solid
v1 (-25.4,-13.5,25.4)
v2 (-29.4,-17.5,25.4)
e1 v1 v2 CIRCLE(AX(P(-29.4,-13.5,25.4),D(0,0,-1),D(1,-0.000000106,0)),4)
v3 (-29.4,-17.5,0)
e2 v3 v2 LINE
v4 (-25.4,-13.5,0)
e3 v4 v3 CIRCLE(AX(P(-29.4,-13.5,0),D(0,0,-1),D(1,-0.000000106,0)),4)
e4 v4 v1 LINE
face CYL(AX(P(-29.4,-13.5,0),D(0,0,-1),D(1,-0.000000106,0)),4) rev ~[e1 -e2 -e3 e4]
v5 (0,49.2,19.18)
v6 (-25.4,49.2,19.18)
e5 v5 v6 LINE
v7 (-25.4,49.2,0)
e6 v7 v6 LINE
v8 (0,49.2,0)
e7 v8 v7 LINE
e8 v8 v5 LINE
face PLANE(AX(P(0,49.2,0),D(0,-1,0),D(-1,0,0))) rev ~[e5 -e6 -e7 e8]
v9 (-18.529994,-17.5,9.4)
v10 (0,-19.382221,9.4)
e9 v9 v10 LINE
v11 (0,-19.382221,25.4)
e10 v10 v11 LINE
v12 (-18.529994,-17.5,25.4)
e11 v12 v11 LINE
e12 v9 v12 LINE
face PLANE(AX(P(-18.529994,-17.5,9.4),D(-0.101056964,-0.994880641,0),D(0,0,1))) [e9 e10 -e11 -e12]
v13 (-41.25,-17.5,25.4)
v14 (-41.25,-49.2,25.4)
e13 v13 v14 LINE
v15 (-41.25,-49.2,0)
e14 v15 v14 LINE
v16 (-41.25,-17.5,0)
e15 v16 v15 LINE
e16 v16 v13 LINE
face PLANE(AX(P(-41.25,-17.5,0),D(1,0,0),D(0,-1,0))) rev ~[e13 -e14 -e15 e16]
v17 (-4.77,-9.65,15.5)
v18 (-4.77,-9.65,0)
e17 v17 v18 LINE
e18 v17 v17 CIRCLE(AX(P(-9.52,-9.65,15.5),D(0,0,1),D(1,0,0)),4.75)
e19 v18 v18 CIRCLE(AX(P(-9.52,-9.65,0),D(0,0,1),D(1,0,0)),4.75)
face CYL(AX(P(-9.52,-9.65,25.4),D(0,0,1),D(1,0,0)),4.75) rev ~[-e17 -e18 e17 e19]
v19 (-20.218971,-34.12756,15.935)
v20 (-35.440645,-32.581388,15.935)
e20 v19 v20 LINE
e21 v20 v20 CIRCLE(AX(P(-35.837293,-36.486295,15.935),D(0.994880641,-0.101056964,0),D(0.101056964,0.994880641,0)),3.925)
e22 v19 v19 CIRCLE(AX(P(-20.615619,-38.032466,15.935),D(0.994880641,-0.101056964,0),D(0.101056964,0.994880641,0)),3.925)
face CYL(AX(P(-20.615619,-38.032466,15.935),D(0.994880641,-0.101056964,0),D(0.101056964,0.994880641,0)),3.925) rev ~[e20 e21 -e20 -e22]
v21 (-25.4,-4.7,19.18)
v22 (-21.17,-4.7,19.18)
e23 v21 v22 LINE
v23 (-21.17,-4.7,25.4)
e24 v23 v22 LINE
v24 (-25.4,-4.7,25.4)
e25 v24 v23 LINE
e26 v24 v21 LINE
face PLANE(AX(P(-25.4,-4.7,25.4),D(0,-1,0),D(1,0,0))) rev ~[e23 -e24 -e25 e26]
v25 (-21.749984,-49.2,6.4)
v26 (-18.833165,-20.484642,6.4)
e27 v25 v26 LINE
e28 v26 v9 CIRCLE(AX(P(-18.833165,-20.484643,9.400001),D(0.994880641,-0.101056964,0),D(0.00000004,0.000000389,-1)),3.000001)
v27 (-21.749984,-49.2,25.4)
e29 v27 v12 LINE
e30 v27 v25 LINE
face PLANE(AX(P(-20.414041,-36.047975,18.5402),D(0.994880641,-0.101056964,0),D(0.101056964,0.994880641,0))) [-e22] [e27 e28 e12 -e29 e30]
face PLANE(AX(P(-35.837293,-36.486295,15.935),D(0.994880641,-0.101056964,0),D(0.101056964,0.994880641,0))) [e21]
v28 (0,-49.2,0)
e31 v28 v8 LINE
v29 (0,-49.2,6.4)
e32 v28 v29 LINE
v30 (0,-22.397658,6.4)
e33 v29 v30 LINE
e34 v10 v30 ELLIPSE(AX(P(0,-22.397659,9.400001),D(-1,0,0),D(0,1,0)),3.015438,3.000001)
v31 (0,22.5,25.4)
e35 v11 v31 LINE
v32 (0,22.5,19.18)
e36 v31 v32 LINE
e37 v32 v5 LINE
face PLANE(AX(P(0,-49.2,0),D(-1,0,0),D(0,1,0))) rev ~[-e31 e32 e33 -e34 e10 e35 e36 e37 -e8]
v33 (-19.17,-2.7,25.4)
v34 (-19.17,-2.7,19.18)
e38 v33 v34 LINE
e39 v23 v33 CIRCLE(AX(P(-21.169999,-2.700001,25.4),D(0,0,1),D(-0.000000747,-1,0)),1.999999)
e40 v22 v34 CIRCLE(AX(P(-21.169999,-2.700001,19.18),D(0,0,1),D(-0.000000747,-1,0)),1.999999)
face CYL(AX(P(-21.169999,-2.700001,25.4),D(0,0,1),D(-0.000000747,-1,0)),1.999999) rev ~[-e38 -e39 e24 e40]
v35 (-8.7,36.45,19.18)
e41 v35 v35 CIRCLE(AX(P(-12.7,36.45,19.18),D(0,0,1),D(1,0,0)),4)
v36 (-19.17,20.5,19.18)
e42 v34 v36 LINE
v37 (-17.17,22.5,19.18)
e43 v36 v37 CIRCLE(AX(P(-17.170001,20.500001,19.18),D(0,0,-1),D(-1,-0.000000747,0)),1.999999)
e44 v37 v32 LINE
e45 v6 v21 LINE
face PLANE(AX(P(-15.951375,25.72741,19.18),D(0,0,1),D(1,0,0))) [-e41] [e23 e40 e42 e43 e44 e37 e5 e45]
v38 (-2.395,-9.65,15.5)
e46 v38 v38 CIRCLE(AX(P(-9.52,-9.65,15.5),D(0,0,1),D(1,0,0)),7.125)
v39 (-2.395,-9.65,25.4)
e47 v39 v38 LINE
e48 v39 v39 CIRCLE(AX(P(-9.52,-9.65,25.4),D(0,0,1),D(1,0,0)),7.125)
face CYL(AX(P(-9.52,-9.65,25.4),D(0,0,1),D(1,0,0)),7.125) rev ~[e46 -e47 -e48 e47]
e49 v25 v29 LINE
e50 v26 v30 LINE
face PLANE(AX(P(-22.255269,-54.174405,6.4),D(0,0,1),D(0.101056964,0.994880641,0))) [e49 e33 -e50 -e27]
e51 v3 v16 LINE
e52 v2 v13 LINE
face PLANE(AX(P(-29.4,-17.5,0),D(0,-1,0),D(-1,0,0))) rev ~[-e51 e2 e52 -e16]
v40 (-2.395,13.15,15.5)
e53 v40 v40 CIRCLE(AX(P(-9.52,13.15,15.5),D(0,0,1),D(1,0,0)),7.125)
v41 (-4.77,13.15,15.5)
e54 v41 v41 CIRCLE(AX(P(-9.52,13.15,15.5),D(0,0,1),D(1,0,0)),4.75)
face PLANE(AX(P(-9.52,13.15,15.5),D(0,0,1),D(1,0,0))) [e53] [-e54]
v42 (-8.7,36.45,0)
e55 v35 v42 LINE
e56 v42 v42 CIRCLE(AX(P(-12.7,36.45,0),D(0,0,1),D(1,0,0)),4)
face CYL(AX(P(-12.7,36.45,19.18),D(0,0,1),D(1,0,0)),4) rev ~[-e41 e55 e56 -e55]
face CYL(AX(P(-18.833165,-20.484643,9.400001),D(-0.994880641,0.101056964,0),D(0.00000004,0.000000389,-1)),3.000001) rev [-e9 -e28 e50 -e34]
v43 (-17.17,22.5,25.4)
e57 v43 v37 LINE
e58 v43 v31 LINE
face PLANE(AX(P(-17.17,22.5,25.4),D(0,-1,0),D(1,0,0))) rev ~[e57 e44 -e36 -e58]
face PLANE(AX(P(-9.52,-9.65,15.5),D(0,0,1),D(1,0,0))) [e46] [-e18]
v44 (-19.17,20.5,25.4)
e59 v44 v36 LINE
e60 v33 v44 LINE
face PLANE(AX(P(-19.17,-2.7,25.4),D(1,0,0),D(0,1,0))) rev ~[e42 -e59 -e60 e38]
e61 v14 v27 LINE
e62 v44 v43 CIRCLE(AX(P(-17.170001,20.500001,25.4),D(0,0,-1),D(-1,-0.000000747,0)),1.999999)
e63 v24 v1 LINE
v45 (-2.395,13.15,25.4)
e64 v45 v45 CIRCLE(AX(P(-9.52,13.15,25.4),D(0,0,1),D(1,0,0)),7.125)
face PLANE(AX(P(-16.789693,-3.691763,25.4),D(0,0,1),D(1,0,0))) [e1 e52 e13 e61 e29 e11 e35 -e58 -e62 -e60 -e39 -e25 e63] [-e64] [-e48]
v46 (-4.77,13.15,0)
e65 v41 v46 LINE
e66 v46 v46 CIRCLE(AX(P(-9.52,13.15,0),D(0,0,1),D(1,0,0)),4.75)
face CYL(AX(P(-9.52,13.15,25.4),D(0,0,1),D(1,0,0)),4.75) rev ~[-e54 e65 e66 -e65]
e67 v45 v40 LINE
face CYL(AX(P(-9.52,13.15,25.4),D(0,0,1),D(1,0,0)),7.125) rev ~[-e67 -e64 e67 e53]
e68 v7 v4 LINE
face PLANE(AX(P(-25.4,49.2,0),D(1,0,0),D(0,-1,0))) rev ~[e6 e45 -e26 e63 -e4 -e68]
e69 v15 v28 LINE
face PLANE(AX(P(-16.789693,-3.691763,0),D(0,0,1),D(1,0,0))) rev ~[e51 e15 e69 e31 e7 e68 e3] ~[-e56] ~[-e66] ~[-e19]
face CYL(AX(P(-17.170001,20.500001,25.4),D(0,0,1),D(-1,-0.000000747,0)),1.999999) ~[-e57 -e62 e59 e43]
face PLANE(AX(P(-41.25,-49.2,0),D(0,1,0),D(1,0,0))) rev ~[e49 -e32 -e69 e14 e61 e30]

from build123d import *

# Parameters (mm, degrees)
F1_DEPTH  = 25.4
F3_DEPTH  = 6.22
F7_DEPTH  = 25
F8_R      = 3.925
F9_DEPTH  = 15.3
F10_R     = 4
F11_DEPTH = 19.181
F12_R     = 4.75
F13_DEPTH = 25.401
F14_DEPTH = 25.401
F15_R     = 7.125
F16_DEPTH = 9.9
F17_DEPTH = 9.9


with BuildPart() as f1:
    # F0 (on Top) → F1 (new body)
    with BuildSketch(Plane.XY):
        with BuildLine():
            Line((0, -49.2), (0, 49.2))
            Line((0, 49.2), (-25.4, 49.2))
            Line((-25.4, 49.2), (-25.4, -13.5))
            ThreePointArc((-25.4, -13.5), (-26.571573, -16.328427), (-29.4, -17.5))
            Line((-29.4, -17.5), (-41.25, -17.5))
            Line((-41.25, -17.5), (-41.25, -49.2))
            Line((-41.25, -49.2), (0, -49.2))
        make_face()
    extrude(amount=F1_DEPTH)

    # F2 (on face) → F3 (cut)
    with BuildSketch(Plane.XY.offset(25.4)):
        with BuildLine():
            Line((0, 49.2), (-25.4, 49.2))
            Line((-25.4, 49.2), (-25.4, -4.7))
            Line((-25.4, -4.7), (-21.17, -4.7))
            ThreePointArc((-21.17, -4.7), (-19.755786, -4.114214), (-19.17, -2.7))
            Line((-19.17, -2.7), (-19.17, 20.5))
            ThreePointArc((-19.17, 20.5), (-18.584214, 21.914214), (-17.17, 22.5))
            Line((-17.17, 22.5), (0, 22.5))
            Line((0, 22.5), (0, 49.2))
        make_face()
    extrude(amount=-F3_DEPTH, mode=Mode.SUBTRACT)

    # F6 (on face) → F7 (cut)
    with BuildSketch(Plane(origin=(-16.581312, 1.684285, 0), x_dir=(0.101057, 0.994881, 0), z_dir=(0.994881, -0.101057, 0))):
        with BuildLine():
            Line((-19.283002, 9.4), (-19.283002, 30.4))
            Line((-19.283002, 30.4), (-56.146122, 30.4))
            Line((-56.146122, 30.4), (-56.146122, 6.4))
            Line((-56.146122, 6.4), (-22.283002, 6.4))
            ThreePointArc((-22.283002, 6.4), (-20.161682, 7.27868), (-19.283002, 9.4))
        make_face()
    extrude(amount=F7_DEPTH, mode=Mode.SUBTRACT)

    # F8 (on face) → F9 (cut)
    with BuildSketch(Plane(origin=(-16.581312, 1.684285, 0), x_dir=(0.101057, 0.994881, 0), z_dir=(0.994881, -0.101057, 0))):
        with Locations((-39.921122, 15.935)):
            Circle(F8_R)
    extrude(amount=-F9_DEPTH, mode=Mode.SUBTRACT)

    # F10 (on face) → F11 (cut, through all)
    with BuildSketch(Plane.XY.offset(19.18)):
        with Locations((-12.7, 36.45)):
            Circle(F10_R)
    extrude(amount=-F11_DEPTH, mode=Mode.SUBTRACT)

    # F12 (on face) → F13 (cut, through all)
    with BuildSketch(Plane.XY.offset(25.4)):
        with Locations((-9.52, 13.15)):
            Circle(F12_R)
    extrude(amount=-F13_DEPTH, mode=Mode.SUBTRACT)

    # F12 (on face) → F14 (cut, through all)
    with BuildSketch(Plane.XY.offset(25.4)):
        with Locations((-9.52, -9.65)):
            Circle(F12_R)
    extrude(amount=-F14_DEPTH, mode=Mode.SUBTRACT)

    # F15 (on face) → F16 (cut)
    with BuildSketch(Plane.XY.offset(25.4)):
        with Locations((-9.52, 13.15)):
            Circle(F15_R)
    extrude(amount=-F16_DEPTH, mode=Mode.SUBTRACT)

    # F15 (on face) → F17 (cut)
    with BuildSketch(Plane.XY.offset(25.4)):
        with Locations((-9.52, -9.65)):
            Circle(F15_R)
    extrude(amount=-F17_DEPTH, mode=Mode.SUBTRACT)


solid = f1.part
